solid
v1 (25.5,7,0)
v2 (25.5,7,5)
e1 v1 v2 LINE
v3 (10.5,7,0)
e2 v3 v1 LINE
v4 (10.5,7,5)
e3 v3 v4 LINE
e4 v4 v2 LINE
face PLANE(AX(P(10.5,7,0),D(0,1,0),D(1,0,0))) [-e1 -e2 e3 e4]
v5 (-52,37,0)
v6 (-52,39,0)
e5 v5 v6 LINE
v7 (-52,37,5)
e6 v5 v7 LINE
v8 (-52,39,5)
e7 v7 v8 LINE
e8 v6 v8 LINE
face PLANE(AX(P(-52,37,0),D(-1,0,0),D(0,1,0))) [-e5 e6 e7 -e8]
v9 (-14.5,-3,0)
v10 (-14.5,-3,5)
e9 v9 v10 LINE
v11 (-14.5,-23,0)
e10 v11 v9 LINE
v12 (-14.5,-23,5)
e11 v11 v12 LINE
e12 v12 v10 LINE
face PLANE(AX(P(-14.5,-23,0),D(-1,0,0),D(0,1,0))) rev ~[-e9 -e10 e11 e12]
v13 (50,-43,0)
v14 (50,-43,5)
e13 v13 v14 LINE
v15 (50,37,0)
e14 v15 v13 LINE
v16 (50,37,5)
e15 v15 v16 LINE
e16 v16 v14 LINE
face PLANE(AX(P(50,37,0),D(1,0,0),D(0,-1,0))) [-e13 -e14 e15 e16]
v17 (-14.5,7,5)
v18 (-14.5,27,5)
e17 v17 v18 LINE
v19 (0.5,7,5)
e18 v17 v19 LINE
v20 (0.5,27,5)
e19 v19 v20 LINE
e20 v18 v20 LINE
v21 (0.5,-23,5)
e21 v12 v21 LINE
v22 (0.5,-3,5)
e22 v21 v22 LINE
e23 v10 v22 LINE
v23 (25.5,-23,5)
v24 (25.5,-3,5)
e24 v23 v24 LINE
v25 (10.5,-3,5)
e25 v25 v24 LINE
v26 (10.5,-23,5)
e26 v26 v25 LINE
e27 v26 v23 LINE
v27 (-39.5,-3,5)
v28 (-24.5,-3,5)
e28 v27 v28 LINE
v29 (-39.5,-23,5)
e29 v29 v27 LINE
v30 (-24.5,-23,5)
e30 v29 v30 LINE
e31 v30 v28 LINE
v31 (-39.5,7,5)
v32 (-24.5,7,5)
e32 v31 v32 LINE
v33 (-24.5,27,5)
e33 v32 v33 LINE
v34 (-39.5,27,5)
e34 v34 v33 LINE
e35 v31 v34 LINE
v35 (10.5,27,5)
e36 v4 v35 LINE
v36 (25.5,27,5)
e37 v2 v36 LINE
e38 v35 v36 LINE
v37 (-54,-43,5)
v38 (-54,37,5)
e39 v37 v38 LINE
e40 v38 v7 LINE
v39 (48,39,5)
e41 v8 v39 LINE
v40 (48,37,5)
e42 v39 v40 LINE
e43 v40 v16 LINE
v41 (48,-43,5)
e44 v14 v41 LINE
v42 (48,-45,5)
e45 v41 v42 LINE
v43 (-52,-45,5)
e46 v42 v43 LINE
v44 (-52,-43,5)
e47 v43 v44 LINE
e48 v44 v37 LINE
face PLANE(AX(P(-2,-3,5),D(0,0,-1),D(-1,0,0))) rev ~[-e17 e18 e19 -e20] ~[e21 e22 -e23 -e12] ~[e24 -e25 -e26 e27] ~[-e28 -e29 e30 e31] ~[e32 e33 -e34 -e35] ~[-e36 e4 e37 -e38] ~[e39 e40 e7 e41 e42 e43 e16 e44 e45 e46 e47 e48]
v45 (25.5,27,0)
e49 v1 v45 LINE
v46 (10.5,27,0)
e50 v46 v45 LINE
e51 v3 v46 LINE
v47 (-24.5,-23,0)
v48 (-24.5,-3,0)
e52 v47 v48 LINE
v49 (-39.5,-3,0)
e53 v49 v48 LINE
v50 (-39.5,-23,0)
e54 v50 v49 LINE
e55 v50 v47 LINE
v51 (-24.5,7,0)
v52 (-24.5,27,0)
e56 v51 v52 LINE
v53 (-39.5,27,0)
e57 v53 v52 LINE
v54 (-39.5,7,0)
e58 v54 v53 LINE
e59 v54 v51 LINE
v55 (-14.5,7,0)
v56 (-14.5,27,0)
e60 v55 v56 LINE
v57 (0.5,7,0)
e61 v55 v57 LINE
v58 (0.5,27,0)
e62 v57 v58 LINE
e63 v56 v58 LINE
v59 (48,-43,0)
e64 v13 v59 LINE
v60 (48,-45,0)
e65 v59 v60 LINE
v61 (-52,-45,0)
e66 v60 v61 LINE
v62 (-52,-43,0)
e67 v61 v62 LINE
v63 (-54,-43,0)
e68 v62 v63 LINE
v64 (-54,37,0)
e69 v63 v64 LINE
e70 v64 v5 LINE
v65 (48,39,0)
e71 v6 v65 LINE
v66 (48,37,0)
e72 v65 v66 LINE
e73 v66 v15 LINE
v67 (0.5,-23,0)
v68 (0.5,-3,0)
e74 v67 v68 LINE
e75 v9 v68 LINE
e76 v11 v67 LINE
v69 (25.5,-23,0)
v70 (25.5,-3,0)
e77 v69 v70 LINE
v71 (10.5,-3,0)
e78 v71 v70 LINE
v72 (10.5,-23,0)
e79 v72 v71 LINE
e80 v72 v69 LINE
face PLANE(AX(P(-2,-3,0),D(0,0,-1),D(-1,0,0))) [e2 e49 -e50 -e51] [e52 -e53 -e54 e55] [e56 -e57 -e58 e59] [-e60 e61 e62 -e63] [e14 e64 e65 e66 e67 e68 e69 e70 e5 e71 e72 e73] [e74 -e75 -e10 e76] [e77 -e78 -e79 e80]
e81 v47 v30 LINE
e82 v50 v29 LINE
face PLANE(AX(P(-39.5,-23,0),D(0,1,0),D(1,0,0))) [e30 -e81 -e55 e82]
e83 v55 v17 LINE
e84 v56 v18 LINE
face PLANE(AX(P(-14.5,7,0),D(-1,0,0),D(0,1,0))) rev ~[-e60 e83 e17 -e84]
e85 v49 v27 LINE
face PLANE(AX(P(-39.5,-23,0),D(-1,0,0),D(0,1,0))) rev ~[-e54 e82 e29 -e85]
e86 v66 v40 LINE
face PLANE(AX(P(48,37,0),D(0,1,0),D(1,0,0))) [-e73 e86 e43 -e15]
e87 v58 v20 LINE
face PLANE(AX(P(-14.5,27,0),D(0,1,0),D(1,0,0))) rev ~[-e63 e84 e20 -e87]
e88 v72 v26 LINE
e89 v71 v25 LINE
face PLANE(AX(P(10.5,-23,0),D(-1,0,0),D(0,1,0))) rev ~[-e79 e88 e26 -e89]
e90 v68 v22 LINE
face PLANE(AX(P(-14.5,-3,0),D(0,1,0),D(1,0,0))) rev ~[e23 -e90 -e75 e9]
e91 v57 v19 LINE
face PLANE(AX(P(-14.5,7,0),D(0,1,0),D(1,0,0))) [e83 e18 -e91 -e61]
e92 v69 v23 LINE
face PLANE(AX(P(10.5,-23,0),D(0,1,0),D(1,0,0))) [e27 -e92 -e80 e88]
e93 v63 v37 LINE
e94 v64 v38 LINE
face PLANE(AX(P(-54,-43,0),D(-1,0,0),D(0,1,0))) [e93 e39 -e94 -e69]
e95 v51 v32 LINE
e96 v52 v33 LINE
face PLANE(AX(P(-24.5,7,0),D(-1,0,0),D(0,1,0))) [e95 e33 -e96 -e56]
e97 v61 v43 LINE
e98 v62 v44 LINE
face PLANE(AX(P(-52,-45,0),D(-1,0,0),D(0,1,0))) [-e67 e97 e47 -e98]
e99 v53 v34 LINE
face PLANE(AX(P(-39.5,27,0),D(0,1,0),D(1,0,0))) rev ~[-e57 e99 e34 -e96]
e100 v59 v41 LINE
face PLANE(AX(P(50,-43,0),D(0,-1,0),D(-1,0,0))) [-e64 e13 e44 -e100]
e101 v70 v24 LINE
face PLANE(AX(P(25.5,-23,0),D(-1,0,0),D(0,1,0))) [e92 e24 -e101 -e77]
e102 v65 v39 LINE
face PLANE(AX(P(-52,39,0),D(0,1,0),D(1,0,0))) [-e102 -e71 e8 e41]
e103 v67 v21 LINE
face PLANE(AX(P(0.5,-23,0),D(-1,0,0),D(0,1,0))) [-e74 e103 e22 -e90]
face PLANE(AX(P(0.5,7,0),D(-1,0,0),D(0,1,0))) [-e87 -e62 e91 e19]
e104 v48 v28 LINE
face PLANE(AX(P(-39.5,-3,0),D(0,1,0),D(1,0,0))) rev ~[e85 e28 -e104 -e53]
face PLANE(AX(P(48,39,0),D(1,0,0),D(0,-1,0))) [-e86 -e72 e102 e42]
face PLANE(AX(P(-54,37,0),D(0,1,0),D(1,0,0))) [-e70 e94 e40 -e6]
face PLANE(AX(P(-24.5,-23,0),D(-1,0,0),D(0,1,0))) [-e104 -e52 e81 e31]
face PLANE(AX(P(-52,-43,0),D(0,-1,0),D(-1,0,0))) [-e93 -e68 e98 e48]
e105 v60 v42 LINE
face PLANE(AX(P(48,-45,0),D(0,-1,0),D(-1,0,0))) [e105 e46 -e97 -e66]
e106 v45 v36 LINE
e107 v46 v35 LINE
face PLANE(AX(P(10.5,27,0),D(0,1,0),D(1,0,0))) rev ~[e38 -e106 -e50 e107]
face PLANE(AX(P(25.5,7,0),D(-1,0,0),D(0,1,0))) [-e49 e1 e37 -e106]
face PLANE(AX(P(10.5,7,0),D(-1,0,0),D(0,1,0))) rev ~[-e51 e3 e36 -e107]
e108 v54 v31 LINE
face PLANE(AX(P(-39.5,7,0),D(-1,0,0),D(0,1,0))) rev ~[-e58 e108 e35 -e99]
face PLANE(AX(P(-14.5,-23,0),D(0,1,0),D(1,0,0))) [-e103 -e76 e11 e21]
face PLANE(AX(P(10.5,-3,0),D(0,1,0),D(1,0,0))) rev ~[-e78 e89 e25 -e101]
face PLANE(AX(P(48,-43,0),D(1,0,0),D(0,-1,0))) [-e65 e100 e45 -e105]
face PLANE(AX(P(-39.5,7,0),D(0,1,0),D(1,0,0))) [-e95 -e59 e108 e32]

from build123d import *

# Parameters (mm, degrees)
SKETCH1_W           = 15
SKETCH1_H           = 20
BOSS_EXTRUDE1_DEPTH = 5


with BuildPart() as part:
    # Sketch1 → Boss-Extrude1 (new body)
    with BuildSketch(Plane.XY):
        Polygon((-54, -43), (-54, 37), (-52, 37), (-52, 39), (48, 39), (48, 37), (50, 37), (50, -43), (48, -43), (48, -45), (-52, -45), (-52, -43), align=None)
        with Locations((-7, 17)):
            Rectangle(SKETCH1_W, SKETCH1_H, mode=Mode.SUBTRACT)
        with Locations((-32, 17)):
            Rectangle(SKETCH1_W, SKETCH1_H, mode=Mode.SUBTRACT)
        with Locations((18, 17)):
            Rectangle(SKETCH1_W, SKETCH1_H, mode=Mode.SUBTRACT)
        with Locations((-7, -13)):
            Rectangle(SKETCH1_W, SKETCH1_H, mode=Mode.SUBTRACT)
        with Locations((18, -13)):
            Rectangle(SKETCH1_W, SKETCH1_H, mode=Mode.SUBTRACT)
        with Locations((-32, -13)):
            Rectangle(SKETCH1_W, SKETCH1_H, mode=Mode.SUBTRACT)
    extrude(amount=BOSS_EXTRUDE1_DEPTH)


solid = part.part
